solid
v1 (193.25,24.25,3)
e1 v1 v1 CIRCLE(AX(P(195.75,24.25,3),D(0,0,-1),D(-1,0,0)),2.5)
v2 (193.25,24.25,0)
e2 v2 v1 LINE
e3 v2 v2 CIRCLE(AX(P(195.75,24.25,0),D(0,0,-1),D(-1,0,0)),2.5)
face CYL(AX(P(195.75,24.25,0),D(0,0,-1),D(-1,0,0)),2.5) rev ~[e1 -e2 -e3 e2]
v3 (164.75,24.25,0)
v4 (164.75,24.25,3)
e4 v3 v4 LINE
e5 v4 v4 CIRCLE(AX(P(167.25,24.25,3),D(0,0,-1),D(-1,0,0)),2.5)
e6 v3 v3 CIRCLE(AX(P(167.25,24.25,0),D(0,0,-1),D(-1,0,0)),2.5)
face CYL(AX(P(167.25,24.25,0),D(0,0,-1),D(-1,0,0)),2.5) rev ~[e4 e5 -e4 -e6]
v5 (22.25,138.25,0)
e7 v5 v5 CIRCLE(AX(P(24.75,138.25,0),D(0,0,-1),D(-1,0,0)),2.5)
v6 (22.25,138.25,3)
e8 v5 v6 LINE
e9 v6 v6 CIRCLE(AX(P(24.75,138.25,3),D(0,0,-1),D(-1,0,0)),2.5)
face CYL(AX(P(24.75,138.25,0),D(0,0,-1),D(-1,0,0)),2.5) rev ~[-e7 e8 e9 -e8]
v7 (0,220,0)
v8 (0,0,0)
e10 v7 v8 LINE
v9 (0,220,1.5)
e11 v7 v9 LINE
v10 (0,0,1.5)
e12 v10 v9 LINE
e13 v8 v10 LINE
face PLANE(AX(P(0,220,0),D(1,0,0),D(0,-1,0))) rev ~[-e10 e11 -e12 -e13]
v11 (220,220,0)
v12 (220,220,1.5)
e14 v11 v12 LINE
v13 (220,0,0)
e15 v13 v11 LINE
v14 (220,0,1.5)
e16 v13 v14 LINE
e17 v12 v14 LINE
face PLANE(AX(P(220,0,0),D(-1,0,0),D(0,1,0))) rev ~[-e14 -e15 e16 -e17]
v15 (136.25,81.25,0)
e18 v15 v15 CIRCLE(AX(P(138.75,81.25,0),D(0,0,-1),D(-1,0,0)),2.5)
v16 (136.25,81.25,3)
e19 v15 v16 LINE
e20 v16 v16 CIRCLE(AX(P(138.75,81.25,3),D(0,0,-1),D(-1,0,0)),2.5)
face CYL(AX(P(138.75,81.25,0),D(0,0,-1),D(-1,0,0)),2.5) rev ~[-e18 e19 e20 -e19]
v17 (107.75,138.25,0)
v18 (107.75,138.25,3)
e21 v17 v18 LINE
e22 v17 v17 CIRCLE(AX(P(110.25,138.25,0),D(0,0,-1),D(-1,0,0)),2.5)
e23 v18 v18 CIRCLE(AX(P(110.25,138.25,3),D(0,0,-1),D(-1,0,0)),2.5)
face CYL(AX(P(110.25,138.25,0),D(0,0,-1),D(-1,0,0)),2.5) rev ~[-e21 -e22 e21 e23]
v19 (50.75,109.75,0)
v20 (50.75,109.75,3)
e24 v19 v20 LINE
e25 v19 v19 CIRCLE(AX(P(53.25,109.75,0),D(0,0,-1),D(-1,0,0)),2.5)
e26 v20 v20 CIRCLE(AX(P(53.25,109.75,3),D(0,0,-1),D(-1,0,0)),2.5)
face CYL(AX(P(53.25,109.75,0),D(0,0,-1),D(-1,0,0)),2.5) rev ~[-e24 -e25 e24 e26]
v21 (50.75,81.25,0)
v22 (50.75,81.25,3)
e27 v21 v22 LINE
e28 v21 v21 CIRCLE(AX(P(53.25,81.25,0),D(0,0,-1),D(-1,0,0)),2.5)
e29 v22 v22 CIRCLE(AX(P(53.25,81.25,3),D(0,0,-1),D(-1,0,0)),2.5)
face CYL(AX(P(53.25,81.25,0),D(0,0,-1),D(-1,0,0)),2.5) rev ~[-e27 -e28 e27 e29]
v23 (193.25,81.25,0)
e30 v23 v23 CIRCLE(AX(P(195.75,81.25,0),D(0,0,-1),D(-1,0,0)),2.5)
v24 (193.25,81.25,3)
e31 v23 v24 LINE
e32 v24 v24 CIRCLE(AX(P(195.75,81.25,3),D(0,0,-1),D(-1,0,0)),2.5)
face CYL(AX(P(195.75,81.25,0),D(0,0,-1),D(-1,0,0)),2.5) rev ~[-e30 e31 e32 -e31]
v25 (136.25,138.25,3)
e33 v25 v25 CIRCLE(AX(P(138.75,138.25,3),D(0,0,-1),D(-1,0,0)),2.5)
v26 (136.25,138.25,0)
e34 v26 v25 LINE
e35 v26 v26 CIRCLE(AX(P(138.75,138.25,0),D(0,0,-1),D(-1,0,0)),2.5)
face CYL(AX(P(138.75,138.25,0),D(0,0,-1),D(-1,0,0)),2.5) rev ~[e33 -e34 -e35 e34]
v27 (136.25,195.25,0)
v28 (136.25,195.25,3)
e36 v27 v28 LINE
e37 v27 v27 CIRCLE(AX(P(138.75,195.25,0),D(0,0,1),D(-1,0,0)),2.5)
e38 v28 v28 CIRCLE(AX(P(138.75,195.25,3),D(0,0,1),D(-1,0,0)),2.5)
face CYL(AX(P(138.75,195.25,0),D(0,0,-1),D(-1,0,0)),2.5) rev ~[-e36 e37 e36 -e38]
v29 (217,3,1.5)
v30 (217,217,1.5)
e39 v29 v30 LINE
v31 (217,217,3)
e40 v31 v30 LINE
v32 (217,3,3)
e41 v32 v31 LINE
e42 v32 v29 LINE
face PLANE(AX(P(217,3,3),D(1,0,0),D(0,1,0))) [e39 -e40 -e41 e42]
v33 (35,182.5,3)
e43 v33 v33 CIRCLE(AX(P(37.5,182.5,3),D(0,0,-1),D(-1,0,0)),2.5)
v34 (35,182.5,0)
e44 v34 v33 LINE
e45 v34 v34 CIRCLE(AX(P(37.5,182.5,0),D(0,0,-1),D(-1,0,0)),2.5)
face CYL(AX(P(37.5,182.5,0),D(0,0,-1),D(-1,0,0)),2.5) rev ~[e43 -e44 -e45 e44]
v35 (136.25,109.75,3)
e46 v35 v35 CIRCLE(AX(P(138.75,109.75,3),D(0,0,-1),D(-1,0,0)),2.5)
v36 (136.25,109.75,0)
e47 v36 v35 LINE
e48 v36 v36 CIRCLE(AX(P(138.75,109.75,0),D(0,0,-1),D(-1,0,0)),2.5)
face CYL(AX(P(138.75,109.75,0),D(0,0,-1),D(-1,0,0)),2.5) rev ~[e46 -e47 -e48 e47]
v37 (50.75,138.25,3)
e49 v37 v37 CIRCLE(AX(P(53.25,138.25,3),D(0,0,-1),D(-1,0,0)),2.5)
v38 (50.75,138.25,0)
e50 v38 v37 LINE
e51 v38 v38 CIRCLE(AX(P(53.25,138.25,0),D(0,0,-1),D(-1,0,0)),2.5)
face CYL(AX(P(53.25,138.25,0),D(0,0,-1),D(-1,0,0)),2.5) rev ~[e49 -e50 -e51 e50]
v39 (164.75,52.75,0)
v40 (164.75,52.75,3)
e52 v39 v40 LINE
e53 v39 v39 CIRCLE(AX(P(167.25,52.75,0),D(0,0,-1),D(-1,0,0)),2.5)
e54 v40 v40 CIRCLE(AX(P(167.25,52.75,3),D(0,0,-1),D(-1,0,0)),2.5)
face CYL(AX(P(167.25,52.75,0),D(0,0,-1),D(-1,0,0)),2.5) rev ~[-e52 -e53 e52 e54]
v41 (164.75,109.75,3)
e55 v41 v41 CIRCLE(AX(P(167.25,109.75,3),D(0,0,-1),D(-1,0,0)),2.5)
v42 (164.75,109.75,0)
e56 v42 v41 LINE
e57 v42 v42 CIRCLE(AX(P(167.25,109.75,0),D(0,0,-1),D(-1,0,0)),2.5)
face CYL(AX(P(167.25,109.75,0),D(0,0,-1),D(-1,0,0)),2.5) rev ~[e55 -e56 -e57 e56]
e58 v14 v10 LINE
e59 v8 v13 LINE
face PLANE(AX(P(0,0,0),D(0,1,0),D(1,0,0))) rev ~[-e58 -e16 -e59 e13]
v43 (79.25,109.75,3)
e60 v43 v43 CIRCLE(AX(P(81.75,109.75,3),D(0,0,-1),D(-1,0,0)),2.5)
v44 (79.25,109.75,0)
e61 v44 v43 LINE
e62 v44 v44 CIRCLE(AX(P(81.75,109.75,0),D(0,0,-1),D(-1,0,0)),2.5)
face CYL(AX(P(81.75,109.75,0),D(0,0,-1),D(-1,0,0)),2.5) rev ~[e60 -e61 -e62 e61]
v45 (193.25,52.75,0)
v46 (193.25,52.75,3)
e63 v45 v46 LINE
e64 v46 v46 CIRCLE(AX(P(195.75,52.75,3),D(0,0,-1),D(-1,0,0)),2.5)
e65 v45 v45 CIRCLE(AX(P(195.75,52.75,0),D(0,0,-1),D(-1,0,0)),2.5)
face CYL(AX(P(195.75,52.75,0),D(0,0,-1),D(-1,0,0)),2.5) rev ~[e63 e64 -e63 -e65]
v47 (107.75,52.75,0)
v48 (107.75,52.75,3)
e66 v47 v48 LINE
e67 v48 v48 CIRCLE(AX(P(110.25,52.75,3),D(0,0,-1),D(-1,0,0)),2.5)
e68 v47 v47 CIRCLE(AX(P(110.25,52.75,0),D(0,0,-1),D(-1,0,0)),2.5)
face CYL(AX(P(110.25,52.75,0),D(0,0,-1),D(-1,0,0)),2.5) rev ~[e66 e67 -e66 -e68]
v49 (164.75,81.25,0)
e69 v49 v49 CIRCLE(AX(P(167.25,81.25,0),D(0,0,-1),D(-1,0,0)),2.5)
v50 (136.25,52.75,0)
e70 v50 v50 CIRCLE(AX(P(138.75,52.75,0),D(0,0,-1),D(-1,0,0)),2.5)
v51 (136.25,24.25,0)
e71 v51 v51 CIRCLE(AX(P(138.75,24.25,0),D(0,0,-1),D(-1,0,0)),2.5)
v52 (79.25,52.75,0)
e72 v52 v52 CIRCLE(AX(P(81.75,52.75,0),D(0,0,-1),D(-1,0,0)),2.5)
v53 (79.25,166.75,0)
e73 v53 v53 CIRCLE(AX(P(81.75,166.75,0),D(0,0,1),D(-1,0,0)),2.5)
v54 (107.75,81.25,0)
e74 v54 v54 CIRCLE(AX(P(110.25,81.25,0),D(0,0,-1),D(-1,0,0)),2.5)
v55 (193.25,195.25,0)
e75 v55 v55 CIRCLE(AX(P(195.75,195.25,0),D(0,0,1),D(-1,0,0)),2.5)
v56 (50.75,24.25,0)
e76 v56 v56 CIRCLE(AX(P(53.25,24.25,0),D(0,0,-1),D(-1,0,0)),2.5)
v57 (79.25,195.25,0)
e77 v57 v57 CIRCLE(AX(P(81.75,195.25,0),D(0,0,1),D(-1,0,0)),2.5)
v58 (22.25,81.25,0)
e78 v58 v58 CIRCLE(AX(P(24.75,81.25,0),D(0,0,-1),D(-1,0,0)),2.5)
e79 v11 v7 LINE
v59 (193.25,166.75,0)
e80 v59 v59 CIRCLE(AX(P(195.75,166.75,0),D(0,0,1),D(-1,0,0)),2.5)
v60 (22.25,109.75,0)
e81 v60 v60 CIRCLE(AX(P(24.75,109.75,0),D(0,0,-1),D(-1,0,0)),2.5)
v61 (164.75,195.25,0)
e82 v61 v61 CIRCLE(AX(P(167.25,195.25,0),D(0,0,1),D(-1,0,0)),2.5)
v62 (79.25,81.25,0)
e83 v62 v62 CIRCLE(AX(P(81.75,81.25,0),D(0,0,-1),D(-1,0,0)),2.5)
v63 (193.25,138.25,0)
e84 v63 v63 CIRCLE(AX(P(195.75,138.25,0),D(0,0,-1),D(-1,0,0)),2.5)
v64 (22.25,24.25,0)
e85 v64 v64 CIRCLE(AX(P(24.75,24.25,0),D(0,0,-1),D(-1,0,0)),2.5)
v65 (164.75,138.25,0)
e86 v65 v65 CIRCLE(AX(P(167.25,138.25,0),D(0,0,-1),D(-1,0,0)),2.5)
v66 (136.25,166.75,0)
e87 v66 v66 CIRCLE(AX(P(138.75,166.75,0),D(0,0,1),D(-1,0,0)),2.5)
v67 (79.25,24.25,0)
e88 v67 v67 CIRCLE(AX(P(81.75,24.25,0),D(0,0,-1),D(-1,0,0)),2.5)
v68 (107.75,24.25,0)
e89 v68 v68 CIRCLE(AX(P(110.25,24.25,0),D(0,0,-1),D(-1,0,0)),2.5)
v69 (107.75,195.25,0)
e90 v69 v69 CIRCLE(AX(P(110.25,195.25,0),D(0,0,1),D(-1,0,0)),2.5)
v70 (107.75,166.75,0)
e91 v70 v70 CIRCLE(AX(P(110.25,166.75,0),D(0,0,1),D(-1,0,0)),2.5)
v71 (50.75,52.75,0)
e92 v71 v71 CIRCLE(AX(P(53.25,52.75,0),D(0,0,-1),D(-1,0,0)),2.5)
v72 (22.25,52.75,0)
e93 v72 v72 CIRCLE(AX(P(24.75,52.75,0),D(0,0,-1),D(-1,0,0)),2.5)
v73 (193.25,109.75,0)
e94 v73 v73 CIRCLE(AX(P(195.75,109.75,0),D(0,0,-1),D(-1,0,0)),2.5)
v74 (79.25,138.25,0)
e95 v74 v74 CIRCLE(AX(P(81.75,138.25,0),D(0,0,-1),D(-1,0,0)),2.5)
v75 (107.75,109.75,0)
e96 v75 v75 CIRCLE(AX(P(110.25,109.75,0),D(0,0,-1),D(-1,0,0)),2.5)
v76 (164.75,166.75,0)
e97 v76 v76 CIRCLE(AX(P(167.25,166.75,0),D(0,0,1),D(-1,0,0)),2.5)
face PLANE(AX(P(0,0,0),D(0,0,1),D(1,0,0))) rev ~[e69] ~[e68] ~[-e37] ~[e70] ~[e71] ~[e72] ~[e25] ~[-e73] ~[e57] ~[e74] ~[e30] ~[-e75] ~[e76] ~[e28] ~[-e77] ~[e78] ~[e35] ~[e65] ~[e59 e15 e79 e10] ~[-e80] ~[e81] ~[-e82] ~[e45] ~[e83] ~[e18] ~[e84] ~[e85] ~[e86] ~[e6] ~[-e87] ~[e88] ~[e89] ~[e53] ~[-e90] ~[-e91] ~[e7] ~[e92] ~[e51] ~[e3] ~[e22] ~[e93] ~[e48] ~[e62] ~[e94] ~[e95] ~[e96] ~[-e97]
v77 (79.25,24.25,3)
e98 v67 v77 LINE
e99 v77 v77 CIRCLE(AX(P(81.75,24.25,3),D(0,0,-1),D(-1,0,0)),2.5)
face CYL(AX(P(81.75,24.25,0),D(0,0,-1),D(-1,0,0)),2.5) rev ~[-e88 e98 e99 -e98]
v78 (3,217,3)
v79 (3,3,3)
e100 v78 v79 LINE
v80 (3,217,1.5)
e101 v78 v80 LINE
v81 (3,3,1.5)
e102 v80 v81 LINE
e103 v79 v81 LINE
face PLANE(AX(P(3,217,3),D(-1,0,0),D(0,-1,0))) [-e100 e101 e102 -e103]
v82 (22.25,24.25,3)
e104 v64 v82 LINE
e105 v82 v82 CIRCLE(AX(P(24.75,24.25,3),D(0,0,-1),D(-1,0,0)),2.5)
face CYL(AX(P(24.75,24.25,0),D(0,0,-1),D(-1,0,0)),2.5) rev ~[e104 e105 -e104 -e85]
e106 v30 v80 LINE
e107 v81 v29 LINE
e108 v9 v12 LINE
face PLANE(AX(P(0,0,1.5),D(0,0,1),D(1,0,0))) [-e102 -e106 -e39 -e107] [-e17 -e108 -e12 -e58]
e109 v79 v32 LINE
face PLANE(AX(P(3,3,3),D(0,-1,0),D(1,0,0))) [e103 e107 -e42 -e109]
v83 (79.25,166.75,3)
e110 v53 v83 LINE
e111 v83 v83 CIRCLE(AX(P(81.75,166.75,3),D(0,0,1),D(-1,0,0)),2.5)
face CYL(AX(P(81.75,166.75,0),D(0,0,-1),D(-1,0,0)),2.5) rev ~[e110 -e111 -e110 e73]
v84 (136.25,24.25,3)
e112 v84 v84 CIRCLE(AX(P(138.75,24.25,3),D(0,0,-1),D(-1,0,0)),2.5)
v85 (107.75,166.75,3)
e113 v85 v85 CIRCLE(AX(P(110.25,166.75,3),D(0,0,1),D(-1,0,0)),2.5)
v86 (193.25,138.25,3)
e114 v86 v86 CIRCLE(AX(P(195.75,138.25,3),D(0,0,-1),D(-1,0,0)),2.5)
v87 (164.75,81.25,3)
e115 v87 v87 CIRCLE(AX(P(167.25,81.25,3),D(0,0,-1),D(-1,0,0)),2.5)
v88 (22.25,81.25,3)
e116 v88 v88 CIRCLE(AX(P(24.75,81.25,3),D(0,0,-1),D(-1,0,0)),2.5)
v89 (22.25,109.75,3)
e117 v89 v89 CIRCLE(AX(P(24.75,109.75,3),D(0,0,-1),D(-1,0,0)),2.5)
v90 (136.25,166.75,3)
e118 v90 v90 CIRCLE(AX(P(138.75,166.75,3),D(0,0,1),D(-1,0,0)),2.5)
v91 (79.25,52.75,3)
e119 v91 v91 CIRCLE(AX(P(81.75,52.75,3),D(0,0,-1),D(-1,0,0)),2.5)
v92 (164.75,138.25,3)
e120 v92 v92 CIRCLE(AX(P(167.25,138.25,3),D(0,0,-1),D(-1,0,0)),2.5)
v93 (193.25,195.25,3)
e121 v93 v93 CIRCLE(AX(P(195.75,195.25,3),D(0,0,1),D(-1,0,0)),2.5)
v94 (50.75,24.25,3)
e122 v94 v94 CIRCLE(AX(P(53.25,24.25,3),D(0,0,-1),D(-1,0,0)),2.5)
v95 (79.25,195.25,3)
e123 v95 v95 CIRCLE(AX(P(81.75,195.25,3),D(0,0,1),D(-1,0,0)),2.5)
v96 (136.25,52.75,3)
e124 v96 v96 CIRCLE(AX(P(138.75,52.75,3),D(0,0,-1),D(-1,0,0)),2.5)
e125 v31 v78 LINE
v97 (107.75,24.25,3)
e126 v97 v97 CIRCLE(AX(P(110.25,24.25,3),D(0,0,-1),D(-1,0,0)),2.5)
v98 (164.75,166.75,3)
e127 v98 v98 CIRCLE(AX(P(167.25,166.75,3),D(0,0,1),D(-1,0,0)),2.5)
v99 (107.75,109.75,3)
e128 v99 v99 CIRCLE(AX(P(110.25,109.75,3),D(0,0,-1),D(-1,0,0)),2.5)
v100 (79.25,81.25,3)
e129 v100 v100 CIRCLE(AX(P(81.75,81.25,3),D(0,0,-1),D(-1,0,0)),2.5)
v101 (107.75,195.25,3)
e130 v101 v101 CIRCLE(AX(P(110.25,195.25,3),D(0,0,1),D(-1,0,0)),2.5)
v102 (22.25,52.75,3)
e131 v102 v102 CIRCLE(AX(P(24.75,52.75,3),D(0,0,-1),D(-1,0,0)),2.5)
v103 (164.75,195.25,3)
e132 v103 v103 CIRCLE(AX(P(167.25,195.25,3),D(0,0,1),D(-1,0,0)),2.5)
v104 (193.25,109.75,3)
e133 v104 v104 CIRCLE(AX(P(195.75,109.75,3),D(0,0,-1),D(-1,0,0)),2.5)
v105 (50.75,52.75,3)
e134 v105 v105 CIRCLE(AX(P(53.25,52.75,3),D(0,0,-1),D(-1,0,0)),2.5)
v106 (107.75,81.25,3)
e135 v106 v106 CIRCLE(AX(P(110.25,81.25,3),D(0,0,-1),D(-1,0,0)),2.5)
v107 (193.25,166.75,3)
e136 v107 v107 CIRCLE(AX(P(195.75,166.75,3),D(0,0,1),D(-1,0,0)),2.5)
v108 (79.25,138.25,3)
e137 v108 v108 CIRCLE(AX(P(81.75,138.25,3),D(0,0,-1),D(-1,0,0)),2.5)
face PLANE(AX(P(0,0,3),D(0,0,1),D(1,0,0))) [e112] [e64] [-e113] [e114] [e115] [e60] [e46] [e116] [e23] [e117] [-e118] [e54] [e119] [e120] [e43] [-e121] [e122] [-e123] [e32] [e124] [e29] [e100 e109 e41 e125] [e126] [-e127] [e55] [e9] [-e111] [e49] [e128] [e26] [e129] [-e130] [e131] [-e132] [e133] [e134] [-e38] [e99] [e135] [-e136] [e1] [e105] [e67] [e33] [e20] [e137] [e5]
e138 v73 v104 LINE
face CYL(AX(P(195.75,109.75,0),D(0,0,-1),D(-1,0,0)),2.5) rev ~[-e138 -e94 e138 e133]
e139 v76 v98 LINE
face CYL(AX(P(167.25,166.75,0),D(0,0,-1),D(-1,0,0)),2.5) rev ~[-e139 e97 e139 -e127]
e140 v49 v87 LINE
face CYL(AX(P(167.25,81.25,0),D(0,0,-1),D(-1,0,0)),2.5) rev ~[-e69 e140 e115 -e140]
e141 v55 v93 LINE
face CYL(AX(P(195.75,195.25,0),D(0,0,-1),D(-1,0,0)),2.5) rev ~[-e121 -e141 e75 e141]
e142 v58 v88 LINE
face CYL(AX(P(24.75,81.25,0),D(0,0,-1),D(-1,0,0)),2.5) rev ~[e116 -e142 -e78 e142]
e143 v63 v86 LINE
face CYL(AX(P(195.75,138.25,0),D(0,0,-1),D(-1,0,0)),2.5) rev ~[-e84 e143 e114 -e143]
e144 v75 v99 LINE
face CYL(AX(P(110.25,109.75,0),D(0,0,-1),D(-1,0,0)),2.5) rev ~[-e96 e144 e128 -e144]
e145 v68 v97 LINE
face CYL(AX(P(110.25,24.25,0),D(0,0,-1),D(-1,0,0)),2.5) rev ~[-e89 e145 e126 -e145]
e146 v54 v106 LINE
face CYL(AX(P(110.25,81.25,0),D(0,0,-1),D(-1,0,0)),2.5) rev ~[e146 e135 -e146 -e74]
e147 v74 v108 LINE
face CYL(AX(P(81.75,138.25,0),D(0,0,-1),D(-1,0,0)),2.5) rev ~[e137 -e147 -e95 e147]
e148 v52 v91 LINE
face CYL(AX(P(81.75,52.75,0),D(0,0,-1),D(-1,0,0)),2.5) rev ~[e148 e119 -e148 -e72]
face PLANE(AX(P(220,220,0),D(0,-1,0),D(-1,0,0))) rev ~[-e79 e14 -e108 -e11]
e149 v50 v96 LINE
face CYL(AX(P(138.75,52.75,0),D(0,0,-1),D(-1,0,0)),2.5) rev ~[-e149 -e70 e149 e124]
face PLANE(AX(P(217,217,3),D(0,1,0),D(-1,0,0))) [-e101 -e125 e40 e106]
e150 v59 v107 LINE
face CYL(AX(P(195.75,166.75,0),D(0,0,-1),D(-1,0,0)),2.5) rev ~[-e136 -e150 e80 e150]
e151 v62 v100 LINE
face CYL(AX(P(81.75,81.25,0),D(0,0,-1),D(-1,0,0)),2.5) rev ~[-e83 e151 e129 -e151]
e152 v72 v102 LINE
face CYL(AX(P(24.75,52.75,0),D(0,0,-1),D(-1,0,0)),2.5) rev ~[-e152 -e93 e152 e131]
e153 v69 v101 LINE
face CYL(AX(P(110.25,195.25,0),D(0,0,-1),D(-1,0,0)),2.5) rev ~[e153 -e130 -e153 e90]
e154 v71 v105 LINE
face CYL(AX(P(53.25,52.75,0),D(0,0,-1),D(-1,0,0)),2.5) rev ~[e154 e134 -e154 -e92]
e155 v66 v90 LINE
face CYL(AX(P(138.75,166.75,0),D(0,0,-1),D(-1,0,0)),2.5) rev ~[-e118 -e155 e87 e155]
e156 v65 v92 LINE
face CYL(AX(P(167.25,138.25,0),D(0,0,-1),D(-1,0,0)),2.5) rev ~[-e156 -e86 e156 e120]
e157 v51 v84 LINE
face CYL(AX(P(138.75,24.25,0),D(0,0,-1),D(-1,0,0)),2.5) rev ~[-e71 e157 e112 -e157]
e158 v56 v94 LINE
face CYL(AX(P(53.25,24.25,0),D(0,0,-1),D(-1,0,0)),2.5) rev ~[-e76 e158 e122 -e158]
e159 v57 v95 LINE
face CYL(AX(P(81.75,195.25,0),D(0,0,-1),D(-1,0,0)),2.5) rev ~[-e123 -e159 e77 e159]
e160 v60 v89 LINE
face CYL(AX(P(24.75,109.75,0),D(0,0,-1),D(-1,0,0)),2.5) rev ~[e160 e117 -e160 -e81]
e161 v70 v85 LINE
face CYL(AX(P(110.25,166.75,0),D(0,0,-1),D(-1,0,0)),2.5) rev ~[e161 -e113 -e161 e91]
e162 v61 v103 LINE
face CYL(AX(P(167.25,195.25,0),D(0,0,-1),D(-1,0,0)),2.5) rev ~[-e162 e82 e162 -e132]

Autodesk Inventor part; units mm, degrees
ref_plane "YZ Plane" through (0, 0, 0) normal (1, 0, 0) x (0, 1, 0)
ref_plane "XZ Plane" through (0, 0, 0) normal (0, 1, 0) x (-1, 0, 0)
ref_plane "XY Plane" through (0, 0, 0) normal (0, 0, 1) x (1, 0, 0)
sketch "Sketch2" plane through (0, 0, 0) normal (0, 0, 1) x (1, 0, 0)
  line L0 (0, 0) -> (220, 0)
  line L1 (220, 0) -> (220, 220)
  line L2 (220, 220) -> (0, 220)
  line L3 (0, 220) -> (0, 0)
  dimension "d0" = 220
  dimension "d1" = 220
extrude "Extrusion1" add sketch "Sketch2" along normal blind 3
sketch "Sketch3" plane through (0, 0, 3) normal (0, 0, 1) x (1, 0, 0)
  line L0 (3, 3) -> (217, 3)
  line L1 (217, 3) -> (217, 217)
  line L2 (217, 217) -> (3, 217)
  line L3 (3, 217) -> (3, 3)
  line L4 (3, 3) -> (217, 217) construction
  line L5 (217, 3) -> (3, 217) construction
  line L6 (0, 220) -> (220, 220)
  line L7 (220, 220) -> (220, 0)
  line L8 (220, 0) -> (0, 0)
  line L9 (0, 0) -> (0, 220)
  point P0 (110, 110)
  dimension "d4" = 214
  dimension "d5" = 214
  dimension "d6" = 220
  dimension "d7" = 220
extrude "Extrusion2" cut sketch "Sketch3" against normal blind 1.5
sketch "Sketch4" plane through (0, 0, 0) normal (0, 0, -1) x (-1, 0, 0)
  line L0 (-210, 10) -> (-10, 10)
  line L1 (-10, 10) -> (-10, 210)
  line L2 (-10, 210) -> (-210, 210)
  line L3 (-210, 210) -> (-210, 10)
  line L4 (-210, 10) -> (-10, 210) construction
  line L5 (-10, 10) -> (-210, 210) construction
  line L6 (-210, 10) -> (-181.5, 10)
  line L7 (-181.5, 10) -> (-181.5, 38.5)
  line L8 (-181.5, 38.5) -> (-210, 38.5)
  line L9 (-210, 38.5) -> (-210, 10)
  circle A0 centre (-195.75, 24.25) radius 2.5
  point P0 (0, 0)
  point P1 (-110, 110)
  dimension "d10" = 200
  dimension "d11" = 200
  dimension "d12" = 28.5
  dimension "d13" = 28.5
  dimension "d14" = 5
extrude "Extrusion3" cut sketch "Sketch4" against normal blind 3 contours A0
pattern_linear "Rectangular Pattern1" count 5 spacing 28.5 along (0, 1, 0) count 7 spacing 28.5 along (-1, 0, 0) of "Extrusion3"
sketch "Sketch5" plane through (0, 0, 0) normal (0, 0, -1) x (-1, 0, 0)
  circle A0 centre (-195.75, 138.25) radius 2.5 projected
  line L0 (-195.75, 138.25) -> (-195.75, 166.75)
  circle A1 centre (-195.75, 166.75) radius 2.5
  point P0 (0, 0)
  dimension "d23" = 28.5
  dimension "d24" = 5
extrude "Extrusion4" cut sketch "Sketch5" against normal blind 3 contours A1
pattern_linear "Rectangular Pattern2" count 5 spacing 28.5 along (-1, 0, 0) count 2 spacing 28.5 along (0, 1, 0) of "Extrusion4"
sketch "Sketch6" plane through (0, 0, 0) normal (0, 0, -1) x (-1, 0, 0)
  line L0 (-10, 10) -> (-210, 10)
  line L1 (-210, 10) -> (-210, 210)
  line L2 (-210, 210) -> (-10, 210)
  line L3 (-10, 210) -> (-10, 10)
  line L4 (-10, 10) -> (-210, 210) construction
  line L5 (-210, 10) -> (-10, 210) construction
  line L6 (-10, 210) -> (-65, 210)
  line L7 (-65, 210) -> (-65, 155)
  line L8 (-65, 155) -> (-10, 155)
  line L9 (-10, 155) -> (-10, 210)
  circle A0 centre (-37.5, 182.5) radius 2.5
  point P0 (0, 0)
  point P1 (-110, 110)
  dimension "d33" = 200
  dimension "d34" = 200
  dimension "d35" = 55
  dimension "d36" = 55
  dimension "d37" = 5
extrude "Extrusion5" cut sketch "Sketch6" against normal blind 3 contours A0
sketch "Sketch7" plane through (0, 0, 0) normal (0, 0, -1) x (-1, 0, 0)
  point P0 (0, 0)
properties part number "inert låg"
